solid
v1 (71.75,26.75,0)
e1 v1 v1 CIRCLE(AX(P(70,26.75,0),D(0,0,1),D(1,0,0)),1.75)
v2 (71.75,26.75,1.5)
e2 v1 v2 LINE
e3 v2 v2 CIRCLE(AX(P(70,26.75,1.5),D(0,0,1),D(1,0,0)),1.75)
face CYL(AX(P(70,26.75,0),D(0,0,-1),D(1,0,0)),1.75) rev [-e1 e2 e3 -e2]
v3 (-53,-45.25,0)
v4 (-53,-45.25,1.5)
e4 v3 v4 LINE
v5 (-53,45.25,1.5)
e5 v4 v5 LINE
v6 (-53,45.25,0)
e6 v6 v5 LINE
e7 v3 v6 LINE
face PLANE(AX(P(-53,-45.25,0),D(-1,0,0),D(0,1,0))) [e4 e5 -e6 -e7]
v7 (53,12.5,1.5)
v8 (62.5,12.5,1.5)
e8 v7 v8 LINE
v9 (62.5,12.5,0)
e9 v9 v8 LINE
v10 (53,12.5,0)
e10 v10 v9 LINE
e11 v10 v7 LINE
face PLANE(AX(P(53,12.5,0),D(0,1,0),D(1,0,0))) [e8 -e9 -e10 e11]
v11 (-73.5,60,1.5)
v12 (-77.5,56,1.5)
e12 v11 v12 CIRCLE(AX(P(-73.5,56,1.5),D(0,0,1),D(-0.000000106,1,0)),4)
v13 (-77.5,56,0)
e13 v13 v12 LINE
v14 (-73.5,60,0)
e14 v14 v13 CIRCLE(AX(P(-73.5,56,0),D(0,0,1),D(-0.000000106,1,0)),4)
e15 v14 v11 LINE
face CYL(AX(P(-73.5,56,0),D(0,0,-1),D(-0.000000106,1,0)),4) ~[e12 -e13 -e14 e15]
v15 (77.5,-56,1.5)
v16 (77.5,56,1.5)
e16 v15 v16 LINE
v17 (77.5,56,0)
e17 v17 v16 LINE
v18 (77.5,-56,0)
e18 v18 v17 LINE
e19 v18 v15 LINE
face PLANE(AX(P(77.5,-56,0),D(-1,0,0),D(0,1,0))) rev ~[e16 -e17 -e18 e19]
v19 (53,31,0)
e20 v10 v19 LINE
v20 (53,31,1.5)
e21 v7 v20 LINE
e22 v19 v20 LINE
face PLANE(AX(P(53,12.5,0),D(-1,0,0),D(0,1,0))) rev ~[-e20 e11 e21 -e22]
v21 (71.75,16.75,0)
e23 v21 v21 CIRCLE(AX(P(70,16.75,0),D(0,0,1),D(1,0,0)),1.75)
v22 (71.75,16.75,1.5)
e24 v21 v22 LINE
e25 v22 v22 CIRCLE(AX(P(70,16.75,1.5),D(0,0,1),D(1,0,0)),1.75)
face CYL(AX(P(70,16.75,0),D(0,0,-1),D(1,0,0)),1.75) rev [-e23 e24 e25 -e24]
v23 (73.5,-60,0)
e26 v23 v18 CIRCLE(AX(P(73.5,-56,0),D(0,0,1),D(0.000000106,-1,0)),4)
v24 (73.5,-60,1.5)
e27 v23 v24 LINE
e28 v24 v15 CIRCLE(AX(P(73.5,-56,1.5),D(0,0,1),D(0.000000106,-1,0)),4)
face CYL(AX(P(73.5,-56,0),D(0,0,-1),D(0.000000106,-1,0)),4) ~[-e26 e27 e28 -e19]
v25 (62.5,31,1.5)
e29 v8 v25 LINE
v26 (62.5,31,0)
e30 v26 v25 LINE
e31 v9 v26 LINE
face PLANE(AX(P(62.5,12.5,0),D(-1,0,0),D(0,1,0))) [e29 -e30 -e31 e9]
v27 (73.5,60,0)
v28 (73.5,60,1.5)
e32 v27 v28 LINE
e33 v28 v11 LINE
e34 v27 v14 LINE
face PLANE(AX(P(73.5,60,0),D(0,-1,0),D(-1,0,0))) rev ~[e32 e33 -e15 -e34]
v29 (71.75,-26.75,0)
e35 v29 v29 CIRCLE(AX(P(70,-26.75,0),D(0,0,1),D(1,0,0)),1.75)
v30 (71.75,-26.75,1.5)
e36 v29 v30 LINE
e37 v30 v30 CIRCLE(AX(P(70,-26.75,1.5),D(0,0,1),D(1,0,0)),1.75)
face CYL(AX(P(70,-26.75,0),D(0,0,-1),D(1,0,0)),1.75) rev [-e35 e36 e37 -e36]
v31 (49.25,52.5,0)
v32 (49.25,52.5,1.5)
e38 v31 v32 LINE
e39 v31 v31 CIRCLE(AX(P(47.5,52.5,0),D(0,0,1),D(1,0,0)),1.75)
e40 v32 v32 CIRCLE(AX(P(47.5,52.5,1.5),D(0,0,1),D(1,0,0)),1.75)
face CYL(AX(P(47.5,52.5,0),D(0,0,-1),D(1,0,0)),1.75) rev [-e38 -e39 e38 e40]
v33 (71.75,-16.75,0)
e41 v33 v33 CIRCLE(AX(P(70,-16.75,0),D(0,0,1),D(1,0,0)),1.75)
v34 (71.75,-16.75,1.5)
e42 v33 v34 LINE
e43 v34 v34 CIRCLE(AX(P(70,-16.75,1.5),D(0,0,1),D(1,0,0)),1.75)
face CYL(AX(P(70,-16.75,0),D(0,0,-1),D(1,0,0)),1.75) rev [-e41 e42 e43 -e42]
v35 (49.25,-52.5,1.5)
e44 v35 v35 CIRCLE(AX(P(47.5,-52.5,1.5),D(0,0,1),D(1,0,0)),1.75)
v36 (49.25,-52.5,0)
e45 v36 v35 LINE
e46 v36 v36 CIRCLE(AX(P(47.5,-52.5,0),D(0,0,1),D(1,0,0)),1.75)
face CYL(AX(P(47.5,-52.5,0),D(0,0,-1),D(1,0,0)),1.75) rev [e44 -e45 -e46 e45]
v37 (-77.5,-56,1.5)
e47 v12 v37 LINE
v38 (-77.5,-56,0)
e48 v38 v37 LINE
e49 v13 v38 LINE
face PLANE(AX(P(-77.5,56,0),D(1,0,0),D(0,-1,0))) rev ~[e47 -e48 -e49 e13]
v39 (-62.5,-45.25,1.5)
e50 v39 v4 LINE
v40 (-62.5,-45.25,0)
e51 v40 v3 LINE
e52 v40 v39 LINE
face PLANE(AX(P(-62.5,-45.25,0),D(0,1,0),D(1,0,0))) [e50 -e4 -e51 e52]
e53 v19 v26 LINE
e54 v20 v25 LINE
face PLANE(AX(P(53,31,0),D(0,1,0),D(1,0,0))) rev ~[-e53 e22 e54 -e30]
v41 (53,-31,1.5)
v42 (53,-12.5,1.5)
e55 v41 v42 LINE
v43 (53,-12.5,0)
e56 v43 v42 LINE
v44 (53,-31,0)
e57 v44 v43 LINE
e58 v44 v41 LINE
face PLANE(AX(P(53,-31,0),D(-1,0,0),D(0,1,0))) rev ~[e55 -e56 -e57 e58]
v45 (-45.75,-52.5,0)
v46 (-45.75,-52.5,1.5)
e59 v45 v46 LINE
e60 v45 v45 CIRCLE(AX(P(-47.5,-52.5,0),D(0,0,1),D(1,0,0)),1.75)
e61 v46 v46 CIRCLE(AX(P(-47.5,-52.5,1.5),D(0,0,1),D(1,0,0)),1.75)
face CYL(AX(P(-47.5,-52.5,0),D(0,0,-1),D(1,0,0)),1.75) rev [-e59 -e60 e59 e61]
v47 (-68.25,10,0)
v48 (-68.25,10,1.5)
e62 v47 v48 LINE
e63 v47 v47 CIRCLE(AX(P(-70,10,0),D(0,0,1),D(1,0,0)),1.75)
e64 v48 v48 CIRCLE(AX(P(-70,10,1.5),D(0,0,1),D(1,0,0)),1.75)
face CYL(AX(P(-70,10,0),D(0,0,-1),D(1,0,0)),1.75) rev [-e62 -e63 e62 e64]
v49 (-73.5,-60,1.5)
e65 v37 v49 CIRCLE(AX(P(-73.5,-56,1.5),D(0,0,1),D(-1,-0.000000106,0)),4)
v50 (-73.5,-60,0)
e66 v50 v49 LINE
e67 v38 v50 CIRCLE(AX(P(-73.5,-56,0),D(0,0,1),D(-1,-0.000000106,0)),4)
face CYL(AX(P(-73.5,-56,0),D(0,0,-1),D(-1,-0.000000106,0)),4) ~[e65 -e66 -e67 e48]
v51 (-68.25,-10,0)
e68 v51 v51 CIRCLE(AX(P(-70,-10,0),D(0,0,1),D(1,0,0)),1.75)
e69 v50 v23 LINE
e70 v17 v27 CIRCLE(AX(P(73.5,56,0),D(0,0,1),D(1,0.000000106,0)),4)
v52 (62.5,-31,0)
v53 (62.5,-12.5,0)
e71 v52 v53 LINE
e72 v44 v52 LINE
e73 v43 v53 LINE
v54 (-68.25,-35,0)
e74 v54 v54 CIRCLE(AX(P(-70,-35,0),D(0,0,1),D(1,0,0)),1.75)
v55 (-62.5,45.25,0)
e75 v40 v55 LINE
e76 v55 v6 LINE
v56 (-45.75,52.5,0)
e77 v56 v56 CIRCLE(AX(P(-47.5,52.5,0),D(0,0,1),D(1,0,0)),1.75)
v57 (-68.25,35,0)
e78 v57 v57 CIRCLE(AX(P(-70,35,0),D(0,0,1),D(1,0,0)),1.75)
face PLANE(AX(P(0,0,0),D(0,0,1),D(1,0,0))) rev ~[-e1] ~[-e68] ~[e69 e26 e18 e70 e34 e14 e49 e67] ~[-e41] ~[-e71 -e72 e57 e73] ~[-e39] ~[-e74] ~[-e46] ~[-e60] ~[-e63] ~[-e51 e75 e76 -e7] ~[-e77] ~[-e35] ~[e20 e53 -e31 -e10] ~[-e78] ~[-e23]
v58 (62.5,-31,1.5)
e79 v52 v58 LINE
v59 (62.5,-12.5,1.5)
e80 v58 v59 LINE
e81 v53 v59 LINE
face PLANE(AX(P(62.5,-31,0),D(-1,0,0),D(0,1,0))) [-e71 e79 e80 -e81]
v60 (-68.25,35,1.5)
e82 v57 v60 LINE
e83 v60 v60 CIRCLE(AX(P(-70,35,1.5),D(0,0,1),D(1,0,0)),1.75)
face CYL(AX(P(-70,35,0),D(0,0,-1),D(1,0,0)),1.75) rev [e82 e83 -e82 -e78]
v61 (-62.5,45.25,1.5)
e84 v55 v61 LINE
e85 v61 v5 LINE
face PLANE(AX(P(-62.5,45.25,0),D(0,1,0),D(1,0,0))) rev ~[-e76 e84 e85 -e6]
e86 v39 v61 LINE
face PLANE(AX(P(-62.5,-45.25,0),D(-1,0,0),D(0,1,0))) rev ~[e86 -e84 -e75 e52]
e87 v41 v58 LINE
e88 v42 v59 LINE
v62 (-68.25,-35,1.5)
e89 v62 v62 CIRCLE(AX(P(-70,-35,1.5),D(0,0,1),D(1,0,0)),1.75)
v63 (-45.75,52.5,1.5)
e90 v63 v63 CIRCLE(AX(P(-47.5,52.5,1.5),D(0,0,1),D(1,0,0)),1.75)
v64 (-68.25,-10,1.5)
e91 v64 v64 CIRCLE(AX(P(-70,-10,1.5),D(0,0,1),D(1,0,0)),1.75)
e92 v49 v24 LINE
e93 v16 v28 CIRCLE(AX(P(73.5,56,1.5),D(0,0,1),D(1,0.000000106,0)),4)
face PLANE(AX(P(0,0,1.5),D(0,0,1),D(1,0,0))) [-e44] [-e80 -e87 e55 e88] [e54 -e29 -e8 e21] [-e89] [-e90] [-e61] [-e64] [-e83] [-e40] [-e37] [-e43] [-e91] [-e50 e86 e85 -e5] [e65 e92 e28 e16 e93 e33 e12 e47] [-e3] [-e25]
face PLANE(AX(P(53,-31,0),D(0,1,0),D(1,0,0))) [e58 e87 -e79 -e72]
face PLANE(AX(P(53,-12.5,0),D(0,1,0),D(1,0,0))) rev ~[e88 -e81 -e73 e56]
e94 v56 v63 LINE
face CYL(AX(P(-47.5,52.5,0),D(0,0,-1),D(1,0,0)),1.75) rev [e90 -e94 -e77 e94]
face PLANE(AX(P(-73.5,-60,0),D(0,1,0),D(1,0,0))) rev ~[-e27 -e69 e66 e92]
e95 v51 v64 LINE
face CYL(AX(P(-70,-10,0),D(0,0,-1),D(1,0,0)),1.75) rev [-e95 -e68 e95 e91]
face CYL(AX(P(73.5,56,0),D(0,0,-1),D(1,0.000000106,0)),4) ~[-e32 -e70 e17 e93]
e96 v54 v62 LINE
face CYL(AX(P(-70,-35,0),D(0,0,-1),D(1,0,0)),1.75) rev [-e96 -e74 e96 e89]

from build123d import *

# Parameters (mm, degrees)
F0_R     = 1.75
F0_W     = 9.5
F0_H     = 90.5
F0_H_2   = 18.5
F1_DEPTH = 1.5


with BuildPart() as f1:
    # F0 (on Top) → F1 (new body)
    with BuildSketch(Plane.XY):
        with BuildLine():
            Line((73.5, 60), (-73.5, 60))
            ThreePointArc((-73.5, 60), (-76.328427, 58.828427), (-77.5, 56))
            Line((-77.5, 56), (-77.5, -56))
            ThreePointArc((-77.5, -56), (-76.328427, -58.828427), (-73.5, -60))
            Line((-73.5, -60), (73.5, -60))
            ThreePointArc((73.5, -60), (76.328427, -58.828427), (77.5, -56))
            Line((77.5, -56), (77.5, 56))
            ThreePointArc((77.5, 56), (76.328427, 58.828427), (73.5, 60))
        make_face()
        with Locations((-47.5, -52.5)):
            Circle(F0_R, mode=Mode.SUBTRACT)
        with Locations((-70, -35)):
            Circle(F0_R, mode=Mode.SUBTRACT)
        with Locations((-70, -10)):
            Circle(F0_R, mode=Mode.SUBTRACT)
        with Locations((-57.75, 0)):
            Rectangle(F0_W, F0_H, mode=Mode.SUBTRACT)
        with Locations((47.5, -52.5)):
            Circle(F0_R, mode=Mode.SUBTRACT)
        with Locations((57.75, -21.75)):
            Rectangle(F0_W, F0_H_2, mode=Mode.SUBTRACT)
        with Locations((70, -26.75)):
            Circle(F0_R, mode=Mode.SUBTRACT)
        with Locations((70, -16.75)):
            Circle(F0_R, mode=Mode.SUBTRACT)
        with Locations((-70, 10)):
            Circle(F0_R, mode=Mode.SUBTRACT)
        with Locations((-70, 35)):
            Circle(F0_R, mode=Mode.SUBTRACT)
        with Locations((-47.5, 52.5)):
            Circle(F0_R, mode=Mode.SUBTRACT)
        with Locations((57.75, 21.75)):
            Rectangle(F0_W, F0_H_2, mode=Mode.SUBTRACT)
        with Locations((70, 16.75)):
            Circle(F0_R, mode=Mode.SUBTRACT)
        with Locations((70, 26.75)):
            Circle(F0_R, mode=Mode.SUBTRACT)
        with Locations((47.5, 52.5)):
            Circle(F0_R, mode=Mode.SUBTRACT)
    extrude(amount=F1_DEPTH)


solid = f1.part
